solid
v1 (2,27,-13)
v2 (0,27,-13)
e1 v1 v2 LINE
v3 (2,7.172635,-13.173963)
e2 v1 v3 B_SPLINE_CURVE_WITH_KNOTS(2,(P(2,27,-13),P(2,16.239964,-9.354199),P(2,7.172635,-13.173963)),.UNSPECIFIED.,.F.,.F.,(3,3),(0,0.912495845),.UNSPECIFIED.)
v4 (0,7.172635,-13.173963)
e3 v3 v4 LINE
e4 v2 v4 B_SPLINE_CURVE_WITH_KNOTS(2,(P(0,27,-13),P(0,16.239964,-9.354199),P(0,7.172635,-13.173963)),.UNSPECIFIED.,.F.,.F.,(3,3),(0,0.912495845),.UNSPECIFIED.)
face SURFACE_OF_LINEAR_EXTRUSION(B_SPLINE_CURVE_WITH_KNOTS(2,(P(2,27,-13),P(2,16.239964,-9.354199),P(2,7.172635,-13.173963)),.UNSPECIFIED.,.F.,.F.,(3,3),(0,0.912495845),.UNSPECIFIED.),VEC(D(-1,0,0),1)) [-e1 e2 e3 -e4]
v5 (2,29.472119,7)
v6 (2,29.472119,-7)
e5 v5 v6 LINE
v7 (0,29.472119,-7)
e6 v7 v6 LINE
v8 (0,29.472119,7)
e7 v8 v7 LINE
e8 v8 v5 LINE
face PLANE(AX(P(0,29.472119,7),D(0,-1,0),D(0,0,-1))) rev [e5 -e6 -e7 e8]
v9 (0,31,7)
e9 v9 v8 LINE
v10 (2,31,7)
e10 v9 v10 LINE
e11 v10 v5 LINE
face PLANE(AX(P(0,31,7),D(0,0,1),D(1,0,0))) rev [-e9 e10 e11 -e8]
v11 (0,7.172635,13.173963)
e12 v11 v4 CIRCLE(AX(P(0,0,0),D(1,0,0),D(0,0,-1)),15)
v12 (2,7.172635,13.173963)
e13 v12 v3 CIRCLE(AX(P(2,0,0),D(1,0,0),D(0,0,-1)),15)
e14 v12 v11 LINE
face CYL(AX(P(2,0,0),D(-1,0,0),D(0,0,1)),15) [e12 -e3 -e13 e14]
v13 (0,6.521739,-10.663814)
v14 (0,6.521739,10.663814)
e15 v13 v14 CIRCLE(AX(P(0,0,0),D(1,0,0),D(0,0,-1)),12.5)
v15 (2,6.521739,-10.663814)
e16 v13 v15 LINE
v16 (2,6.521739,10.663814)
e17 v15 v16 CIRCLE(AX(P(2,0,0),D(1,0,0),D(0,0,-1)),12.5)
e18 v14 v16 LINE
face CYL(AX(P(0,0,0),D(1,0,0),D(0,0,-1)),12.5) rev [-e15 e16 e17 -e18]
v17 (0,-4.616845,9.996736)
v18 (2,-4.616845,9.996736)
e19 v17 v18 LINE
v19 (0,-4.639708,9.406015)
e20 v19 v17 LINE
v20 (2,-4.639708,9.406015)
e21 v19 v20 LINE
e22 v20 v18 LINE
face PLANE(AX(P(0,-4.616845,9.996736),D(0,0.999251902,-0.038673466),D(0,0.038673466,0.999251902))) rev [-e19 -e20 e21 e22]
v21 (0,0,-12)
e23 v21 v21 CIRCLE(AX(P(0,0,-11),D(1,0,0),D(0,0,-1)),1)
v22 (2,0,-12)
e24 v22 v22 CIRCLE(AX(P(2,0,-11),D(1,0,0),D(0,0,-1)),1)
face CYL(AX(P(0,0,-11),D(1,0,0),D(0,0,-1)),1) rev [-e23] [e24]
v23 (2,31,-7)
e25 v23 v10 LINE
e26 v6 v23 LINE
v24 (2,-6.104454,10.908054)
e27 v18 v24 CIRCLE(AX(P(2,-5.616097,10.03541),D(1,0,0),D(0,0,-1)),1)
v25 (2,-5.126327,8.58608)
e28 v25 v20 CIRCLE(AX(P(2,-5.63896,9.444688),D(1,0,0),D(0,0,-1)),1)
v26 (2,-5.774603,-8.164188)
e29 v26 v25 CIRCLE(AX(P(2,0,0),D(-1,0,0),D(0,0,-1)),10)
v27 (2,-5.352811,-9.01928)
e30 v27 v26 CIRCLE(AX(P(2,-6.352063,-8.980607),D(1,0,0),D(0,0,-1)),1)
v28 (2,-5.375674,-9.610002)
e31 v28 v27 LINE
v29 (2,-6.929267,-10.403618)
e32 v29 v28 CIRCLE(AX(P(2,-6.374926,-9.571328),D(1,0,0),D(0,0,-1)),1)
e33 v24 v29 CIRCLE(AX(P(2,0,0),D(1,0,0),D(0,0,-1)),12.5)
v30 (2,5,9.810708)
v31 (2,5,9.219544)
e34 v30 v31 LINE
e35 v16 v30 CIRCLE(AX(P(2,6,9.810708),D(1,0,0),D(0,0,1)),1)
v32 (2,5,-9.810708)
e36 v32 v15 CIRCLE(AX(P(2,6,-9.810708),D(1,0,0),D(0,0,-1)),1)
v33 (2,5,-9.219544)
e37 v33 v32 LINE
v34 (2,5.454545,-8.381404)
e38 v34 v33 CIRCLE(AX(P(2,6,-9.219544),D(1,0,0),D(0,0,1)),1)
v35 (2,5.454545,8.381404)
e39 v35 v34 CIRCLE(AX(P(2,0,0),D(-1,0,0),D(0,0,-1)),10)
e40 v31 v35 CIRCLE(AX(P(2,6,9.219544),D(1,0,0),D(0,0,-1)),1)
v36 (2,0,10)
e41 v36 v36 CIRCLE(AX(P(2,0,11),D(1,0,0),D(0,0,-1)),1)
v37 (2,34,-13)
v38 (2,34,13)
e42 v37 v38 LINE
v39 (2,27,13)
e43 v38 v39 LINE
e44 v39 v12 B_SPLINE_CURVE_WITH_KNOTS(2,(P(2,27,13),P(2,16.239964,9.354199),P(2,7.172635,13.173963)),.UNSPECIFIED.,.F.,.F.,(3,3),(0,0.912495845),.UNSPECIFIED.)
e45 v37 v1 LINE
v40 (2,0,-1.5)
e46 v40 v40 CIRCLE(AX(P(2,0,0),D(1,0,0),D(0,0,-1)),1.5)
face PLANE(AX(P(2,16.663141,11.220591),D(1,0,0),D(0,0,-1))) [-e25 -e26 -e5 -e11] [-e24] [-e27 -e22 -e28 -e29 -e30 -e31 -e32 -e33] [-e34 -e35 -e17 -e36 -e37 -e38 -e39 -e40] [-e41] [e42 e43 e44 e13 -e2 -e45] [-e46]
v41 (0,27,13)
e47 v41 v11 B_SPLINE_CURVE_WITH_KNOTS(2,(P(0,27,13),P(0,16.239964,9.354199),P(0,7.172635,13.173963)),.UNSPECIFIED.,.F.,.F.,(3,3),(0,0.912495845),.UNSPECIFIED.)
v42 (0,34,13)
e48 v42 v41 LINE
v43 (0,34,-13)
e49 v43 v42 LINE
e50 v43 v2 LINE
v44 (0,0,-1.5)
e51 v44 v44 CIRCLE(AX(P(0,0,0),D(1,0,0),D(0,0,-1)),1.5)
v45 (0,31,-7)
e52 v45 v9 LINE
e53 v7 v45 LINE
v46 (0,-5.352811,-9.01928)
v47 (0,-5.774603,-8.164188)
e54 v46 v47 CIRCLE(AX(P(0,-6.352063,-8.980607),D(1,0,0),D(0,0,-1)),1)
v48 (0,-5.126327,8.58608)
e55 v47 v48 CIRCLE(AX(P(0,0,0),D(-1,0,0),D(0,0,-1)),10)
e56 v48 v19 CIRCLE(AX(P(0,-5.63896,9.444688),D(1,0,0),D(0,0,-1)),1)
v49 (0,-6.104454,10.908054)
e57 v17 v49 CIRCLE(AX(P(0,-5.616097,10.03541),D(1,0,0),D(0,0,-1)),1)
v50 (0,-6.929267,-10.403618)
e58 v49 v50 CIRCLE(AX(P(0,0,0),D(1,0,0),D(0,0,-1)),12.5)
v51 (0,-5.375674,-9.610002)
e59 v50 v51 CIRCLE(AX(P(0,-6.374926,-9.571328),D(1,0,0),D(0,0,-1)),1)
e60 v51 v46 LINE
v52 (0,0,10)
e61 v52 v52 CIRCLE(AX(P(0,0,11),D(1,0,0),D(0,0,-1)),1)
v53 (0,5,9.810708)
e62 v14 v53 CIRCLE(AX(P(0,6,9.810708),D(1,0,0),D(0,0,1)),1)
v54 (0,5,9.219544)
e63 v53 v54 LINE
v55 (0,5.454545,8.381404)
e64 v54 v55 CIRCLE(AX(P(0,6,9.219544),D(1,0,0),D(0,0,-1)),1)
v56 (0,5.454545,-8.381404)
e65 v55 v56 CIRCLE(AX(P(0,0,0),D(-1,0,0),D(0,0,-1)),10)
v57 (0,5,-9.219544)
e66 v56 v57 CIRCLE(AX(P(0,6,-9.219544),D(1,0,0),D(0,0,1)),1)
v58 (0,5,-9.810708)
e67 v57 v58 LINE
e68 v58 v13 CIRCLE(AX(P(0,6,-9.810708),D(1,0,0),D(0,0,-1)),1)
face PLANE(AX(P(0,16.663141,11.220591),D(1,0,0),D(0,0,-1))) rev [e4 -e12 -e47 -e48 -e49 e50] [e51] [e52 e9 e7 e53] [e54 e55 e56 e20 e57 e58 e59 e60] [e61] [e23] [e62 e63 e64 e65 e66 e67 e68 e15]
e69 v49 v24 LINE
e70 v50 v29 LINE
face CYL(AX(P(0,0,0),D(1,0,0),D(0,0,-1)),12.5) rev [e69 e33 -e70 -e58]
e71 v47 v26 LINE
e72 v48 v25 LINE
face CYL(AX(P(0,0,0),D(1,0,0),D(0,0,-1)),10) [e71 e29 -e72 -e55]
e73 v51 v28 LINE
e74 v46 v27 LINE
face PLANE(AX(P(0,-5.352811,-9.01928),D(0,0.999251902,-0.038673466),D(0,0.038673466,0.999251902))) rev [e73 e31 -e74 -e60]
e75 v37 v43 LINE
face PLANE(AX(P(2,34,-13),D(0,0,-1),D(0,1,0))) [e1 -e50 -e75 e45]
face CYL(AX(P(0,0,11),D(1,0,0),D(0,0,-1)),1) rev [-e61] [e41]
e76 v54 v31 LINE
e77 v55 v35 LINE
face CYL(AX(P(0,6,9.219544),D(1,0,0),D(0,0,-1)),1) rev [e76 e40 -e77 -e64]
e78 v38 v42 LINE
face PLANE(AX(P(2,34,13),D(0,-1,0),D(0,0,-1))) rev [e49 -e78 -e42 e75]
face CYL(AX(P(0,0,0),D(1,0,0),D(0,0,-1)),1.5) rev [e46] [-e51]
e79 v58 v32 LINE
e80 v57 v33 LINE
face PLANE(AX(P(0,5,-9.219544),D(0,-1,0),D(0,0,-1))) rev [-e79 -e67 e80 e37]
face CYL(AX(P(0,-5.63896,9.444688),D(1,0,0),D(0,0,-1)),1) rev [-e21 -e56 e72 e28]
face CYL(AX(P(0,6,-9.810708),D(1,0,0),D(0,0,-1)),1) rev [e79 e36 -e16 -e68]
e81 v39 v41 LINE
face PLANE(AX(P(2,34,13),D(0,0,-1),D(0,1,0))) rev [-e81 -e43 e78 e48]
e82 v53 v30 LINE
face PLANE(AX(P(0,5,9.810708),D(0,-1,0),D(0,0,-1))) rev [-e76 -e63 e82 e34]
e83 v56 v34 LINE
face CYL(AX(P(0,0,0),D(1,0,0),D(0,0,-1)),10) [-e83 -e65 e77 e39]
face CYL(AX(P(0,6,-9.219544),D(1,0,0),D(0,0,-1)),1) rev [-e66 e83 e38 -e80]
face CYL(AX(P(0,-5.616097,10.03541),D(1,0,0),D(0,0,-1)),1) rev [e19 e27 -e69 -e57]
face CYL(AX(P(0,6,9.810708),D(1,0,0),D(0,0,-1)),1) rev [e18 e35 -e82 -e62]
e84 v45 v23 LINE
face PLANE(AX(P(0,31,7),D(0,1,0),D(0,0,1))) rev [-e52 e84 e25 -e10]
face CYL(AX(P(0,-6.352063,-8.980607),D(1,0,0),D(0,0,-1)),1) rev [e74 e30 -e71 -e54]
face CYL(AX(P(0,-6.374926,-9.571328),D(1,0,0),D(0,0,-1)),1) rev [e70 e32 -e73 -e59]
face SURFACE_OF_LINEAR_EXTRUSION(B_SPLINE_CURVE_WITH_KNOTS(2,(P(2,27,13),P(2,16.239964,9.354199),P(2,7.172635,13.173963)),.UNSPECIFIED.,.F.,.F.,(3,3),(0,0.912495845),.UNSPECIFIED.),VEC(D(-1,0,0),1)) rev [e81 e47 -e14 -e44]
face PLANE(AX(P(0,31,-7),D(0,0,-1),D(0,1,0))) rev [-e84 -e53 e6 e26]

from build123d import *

# Parameters (mm, degrees)
RESSALTO_EXTRUS_O1_DEPTH = 2
ESBO_O2_R                = 1.5
ESBO_O2_R_2              = 1
ESBO_O2_W                = 14
ESBO_O2_H                = 1.527880785
CORTE_EXTRUS_O1_DEPTH    = 3.0000001


with BuildPart() as part:
    # Esboço1 → Ressalto-extrusão1 (new body)
    with BuildSketch(Plane(origin=(0, 0, 0), x_dir=(0, 0, -1), z_dir=(1, 0, 0))):
        with BuildLine():
            Line((-13, 34), (0, 34))
            Line((0, 34), (0, -15))
            ThreePointArc((0, -15), (-12.895532653, -7.661934325), (-13.173963237, 7.172634986))
            add(Edge.make_bspline(
                [(-13, 27), (-9.354199414, 16.239964162), (-13.173963237, 7.172634986)],
                knots=[0, 0, 0, 0.912495845, 0.912495845, 0.912495845], degree=2))
            Line((-13, 27), (-13, 34))
        make_face()
    ressalto_extrus_o1 = extrude(amount=RESSALTO_EXTRUS_O1_DEPTH)

    # Espelhar1: Ressalto-extrusão1 across plane
    add(ressalto_extrus_o1.mirror(Plane(origin=(2, 34, 0), x_dir=(1, 0, 0), z_dir=(0, 0, 1))))

    # Esboço2 → Corte-extrusão1 (cut, through all)
    with BuildSketch(Plane(origin=(2, 0, 0), x_dir=(0, 0, -1), z_dir=(1, 0, 0))):
        Circle(ESBO_O2_R)
        with Locations((11, 0)):
            Circle(ESBO_O2_R_2)
        with Locations((-11, 0)):
            Circle(ESBO_O2_R_2)
        with Locations((0, 30.236059608)):
            Rectangle(ESBO_O2_W, ESBO_O2_H)
        with BuildLine():
            Line((-9.810708435, 5), (-9.219544457, 5))
            ThreePointArc((-9.219544457, 5), (-8.742813163, 5.120950927), (-8.381404052, 5.454545455))
            ThreePointArc((-8.381404052, 5.454545455), (0, 10), (8.381404052, 5.454545455))
            ThreePointArc((8.381404052, 5.454545455), (8.742813163, 5.120950927), (9.219544457, 5))
            Line((9.219544457, 5), (9.810708435, 5))
            ThreePointArc((9.810708435, 5), (10.682986811, 5.510990353), (10.663813516, 6.52173913))
            ThreePointArc((10.663813516, 6.52173913), (0, 12.5), (-10.663813516, 6.52173913))
            ThreePointArc((-10.663813516, 6.52173913), (-10.682986811, 5.510990353), (-9.810708435, 5))
        make_face()
        with BuildLine():
            Line((-9.996736389, -4.616845413), (-9.40601466, -4.639707772))
            ThreePointArc((-9.40601466, -4.639707772), (-8.934317599, -4.779005068), (-8.586080114, -5.126326976))
            ThreePointArc((-8.586080114, -5.126326976), (-0.386734657, -9.992519017), (8.164187762, -5.77460286))
            ThreePointArc((8.164187762, -5.77460286), (8.538227759, -5.455234837), (9.019280003, -5.352811245))
            Line((9.019280003, -5.352811245), (9.610001733, -5.375673604))
            ThreePointArc((9.610001733, -5.375673604), (10.461865791, -5.920015714), (10.403617681, -6.929266854))
            ThreePointArc((10.403617681, -6.929266854), (-0.483418321, -12.490648771), (-10.90805419, -6.104453603))
            ThreePointArc((-10.90805419, -6.104453603), (-10.888123983, -5.093719467), (-9.996736389, -4.616845413))
        make_face()
    extrude(amount=-CORTE_EXTRUS_O1_DEPTH, mode=Mode.SUBTRACT)


solid = part.part
